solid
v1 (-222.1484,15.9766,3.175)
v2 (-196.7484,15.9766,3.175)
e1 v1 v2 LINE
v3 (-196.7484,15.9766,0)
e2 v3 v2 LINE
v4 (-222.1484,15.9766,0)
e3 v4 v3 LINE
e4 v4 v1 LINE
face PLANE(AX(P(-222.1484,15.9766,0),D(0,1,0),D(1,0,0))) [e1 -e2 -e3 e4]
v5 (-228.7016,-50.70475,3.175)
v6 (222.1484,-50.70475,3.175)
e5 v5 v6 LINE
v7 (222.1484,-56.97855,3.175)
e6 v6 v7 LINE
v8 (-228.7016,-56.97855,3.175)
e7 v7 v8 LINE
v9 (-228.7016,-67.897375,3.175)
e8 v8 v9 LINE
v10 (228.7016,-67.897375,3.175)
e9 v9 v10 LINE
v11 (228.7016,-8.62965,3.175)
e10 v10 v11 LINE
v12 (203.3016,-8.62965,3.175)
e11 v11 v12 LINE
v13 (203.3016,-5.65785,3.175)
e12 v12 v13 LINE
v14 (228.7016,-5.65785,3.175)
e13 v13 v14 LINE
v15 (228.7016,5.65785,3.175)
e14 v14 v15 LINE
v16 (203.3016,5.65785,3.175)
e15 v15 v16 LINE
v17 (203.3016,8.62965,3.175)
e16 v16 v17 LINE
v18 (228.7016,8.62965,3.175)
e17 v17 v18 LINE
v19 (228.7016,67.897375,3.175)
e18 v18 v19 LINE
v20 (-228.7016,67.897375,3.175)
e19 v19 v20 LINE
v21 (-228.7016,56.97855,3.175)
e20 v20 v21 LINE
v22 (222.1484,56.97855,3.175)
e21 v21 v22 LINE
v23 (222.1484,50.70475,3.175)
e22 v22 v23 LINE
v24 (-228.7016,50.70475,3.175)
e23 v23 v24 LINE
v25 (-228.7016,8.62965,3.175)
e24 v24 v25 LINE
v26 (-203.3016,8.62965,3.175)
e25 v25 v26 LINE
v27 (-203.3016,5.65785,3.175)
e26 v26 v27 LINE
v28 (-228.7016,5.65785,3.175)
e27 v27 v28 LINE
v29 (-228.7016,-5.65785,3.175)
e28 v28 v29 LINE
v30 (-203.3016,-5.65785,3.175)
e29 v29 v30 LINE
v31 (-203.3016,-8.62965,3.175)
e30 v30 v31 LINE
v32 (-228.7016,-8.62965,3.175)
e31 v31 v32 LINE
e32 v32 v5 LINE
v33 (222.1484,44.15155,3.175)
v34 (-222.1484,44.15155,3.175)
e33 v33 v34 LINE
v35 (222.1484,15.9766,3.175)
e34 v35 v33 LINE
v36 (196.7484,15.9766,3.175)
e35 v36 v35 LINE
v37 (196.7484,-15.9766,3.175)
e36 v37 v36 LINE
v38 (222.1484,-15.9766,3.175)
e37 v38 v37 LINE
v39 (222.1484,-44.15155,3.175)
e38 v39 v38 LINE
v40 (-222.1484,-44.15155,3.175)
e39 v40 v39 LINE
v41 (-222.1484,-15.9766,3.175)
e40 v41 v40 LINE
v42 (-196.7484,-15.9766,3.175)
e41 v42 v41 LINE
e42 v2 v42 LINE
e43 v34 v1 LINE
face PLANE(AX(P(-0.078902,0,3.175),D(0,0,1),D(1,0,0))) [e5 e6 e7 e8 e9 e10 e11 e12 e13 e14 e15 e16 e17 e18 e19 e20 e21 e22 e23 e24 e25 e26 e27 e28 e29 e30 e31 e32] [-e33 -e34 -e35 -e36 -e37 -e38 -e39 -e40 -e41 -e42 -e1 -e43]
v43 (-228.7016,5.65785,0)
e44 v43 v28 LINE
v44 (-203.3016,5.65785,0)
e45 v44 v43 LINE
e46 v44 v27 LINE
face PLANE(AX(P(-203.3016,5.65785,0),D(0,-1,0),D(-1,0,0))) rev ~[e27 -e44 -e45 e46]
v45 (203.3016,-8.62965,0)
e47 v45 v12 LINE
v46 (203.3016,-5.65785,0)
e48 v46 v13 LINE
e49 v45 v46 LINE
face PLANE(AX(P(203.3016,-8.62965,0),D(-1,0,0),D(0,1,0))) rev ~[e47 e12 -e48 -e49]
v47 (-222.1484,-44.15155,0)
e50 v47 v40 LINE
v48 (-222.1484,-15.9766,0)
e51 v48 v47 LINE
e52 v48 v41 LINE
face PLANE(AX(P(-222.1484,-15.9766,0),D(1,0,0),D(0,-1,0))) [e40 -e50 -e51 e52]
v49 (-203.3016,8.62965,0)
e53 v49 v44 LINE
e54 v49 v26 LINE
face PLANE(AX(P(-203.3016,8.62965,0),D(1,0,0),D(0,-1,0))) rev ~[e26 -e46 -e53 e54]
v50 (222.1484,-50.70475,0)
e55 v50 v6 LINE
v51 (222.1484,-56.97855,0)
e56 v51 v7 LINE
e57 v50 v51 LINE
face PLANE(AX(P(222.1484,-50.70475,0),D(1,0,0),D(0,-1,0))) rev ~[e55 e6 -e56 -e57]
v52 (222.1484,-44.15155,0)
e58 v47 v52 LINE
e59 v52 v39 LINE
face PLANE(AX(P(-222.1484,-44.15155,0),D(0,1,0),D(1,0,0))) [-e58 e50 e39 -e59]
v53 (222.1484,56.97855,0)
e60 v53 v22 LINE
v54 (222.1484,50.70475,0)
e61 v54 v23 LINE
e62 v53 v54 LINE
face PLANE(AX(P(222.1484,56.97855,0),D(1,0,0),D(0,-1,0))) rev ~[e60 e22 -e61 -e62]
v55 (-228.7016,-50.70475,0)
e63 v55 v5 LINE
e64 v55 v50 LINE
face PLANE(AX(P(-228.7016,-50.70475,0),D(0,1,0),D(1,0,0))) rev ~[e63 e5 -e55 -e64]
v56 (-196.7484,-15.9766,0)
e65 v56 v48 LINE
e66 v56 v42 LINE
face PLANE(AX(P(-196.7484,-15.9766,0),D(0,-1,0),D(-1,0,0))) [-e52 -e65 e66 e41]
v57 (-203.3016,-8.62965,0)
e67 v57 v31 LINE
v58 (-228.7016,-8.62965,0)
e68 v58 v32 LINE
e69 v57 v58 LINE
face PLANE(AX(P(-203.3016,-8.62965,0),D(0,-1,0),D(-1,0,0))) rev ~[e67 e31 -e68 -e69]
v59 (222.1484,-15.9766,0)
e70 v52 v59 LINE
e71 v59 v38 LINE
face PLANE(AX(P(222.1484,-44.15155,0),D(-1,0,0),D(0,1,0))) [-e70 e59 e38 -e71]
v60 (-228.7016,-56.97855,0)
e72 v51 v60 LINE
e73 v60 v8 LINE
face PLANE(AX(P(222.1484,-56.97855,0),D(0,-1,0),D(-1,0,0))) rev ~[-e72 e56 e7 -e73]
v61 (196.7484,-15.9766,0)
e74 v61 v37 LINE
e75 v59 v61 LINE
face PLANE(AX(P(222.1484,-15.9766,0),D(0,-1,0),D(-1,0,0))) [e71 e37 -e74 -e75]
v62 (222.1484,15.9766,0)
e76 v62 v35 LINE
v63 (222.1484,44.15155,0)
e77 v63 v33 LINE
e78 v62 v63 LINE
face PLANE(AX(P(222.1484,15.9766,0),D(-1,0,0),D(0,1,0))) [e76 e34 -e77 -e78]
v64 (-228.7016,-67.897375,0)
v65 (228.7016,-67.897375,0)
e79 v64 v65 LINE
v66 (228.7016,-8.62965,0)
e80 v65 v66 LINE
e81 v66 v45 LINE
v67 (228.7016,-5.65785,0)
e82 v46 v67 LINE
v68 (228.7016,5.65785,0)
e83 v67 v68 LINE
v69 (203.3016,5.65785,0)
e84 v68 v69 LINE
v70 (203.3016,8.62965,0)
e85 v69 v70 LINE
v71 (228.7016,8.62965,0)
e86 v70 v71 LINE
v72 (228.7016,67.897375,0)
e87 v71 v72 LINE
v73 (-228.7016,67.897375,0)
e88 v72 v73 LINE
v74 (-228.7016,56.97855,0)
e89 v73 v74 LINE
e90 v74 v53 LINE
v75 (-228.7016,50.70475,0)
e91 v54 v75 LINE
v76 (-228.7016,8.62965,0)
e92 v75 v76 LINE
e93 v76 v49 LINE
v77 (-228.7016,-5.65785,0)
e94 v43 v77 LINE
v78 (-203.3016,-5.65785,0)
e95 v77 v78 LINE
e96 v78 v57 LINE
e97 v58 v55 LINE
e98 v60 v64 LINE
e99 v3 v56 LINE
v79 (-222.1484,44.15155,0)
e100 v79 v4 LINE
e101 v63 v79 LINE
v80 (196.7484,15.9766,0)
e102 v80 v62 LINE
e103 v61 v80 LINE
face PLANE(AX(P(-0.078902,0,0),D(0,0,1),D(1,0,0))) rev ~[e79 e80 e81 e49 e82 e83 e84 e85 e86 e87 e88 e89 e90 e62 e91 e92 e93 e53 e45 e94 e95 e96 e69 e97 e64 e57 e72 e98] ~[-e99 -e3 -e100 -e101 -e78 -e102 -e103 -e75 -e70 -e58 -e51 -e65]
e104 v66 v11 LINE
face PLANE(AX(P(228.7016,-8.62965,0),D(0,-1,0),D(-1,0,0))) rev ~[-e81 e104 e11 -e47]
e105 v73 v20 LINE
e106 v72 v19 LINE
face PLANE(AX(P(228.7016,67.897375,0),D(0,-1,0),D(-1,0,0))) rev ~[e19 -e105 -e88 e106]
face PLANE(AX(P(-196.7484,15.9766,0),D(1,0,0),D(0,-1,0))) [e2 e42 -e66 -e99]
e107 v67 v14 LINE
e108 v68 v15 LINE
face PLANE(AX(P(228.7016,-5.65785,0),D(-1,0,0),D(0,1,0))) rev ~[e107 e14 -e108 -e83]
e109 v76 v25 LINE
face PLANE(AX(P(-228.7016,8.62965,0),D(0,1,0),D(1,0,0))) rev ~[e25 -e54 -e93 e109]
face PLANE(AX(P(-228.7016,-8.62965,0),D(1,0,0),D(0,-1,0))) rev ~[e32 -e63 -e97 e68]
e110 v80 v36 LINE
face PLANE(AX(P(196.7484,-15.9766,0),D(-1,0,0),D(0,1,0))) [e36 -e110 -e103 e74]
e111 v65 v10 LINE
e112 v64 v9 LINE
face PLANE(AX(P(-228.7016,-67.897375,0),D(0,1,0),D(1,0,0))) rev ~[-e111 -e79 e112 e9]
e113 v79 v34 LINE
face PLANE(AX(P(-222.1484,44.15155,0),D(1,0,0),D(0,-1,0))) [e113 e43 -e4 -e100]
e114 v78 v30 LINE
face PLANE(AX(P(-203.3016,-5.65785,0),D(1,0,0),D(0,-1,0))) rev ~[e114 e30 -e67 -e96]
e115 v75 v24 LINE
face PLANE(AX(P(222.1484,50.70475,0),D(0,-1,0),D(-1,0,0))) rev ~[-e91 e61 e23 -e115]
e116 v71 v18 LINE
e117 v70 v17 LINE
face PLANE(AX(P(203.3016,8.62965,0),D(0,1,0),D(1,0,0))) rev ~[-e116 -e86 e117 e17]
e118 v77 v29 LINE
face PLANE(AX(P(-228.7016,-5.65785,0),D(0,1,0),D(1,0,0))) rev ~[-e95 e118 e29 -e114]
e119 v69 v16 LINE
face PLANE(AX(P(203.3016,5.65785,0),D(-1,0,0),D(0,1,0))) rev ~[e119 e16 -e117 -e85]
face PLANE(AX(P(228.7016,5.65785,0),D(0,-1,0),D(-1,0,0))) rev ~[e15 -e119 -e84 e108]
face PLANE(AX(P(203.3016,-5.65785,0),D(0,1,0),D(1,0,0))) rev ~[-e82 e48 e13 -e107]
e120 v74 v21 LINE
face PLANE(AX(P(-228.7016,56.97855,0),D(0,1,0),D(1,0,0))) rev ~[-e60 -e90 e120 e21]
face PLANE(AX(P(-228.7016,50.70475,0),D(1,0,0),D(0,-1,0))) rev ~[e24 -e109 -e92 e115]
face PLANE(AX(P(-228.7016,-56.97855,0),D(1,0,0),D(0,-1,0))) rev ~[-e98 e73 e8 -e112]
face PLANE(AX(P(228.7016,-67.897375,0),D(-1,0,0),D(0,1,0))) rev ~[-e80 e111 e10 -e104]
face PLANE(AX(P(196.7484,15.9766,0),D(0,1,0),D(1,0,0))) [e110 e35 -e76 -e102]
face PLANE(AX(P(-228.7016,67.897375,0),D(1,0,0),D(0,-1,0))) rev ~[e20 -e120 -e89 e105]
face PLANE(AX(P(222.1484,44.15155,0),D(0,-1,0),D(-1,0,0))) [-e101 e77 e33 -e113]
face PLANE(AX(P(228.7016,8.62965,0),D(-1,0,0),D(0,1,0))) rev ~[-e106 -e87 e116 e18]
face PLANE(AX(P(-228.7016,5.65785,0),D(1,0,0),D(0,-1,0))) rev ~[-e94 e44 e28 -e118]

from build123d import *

# Parameters (mm, degrees)
BOSS_EXTRUDE1_DEPTH = 3.175


with BuildPart() as part:
    # Sketch1 → Boss-Extrude1 (new body)
    with BuildSketch(Plane.XY):
        Polygon((-228.7016, 8.62965), (-203.3016, 8.62965), (-203.3016, 5.65785), (-228.7016, 5.65785), (-228.7016, -5.65785), (-203.3016, -5.65785), (-203.3016, -8.62965), (-228.7016, -8.62965), (-228.7016, -50.70475), (222.1484, -50.70475), (222.1484, -56.97855), (-228.7016, -56.97855), (-228.7016, -67.897375), (228.7016, -67.897375), (228.7016, -8.62965), (203.3016, -8.62965), (203.3016, -5.65785), (228.7016, -5.65785), (228.7016, 5.65785), (203.3016, 5.65785), (203.3016, 8.62965), (228.7016, 8.62965), (228.7016, 67.897375), (-228.7016, 67.897375), (-228.7016, 56.97855), (222.1484, 56.97855), (222.1484, 50.70475), (-228.7016, 50.70475), align=None)
        Polygon((222.1484, -44.15155), (222.1484, -15.9766), (196.7484, -15.9766), (196.7484, 15.9766), (222.1484, 15.9766), (222.1484, 44.15155), (-222.1484, 44.15155), (-222.1484, 15.9766), (-196.7484, 15.9766), (-196.7484, -15.9766), (-222.1484, -15.9766), (-222.1484, -44.15155), align=None, mode=Mode.SUBTRACT)
    extrude(amount=BOSS_EXTRUDE1_DEPTH)


solid = part.part
